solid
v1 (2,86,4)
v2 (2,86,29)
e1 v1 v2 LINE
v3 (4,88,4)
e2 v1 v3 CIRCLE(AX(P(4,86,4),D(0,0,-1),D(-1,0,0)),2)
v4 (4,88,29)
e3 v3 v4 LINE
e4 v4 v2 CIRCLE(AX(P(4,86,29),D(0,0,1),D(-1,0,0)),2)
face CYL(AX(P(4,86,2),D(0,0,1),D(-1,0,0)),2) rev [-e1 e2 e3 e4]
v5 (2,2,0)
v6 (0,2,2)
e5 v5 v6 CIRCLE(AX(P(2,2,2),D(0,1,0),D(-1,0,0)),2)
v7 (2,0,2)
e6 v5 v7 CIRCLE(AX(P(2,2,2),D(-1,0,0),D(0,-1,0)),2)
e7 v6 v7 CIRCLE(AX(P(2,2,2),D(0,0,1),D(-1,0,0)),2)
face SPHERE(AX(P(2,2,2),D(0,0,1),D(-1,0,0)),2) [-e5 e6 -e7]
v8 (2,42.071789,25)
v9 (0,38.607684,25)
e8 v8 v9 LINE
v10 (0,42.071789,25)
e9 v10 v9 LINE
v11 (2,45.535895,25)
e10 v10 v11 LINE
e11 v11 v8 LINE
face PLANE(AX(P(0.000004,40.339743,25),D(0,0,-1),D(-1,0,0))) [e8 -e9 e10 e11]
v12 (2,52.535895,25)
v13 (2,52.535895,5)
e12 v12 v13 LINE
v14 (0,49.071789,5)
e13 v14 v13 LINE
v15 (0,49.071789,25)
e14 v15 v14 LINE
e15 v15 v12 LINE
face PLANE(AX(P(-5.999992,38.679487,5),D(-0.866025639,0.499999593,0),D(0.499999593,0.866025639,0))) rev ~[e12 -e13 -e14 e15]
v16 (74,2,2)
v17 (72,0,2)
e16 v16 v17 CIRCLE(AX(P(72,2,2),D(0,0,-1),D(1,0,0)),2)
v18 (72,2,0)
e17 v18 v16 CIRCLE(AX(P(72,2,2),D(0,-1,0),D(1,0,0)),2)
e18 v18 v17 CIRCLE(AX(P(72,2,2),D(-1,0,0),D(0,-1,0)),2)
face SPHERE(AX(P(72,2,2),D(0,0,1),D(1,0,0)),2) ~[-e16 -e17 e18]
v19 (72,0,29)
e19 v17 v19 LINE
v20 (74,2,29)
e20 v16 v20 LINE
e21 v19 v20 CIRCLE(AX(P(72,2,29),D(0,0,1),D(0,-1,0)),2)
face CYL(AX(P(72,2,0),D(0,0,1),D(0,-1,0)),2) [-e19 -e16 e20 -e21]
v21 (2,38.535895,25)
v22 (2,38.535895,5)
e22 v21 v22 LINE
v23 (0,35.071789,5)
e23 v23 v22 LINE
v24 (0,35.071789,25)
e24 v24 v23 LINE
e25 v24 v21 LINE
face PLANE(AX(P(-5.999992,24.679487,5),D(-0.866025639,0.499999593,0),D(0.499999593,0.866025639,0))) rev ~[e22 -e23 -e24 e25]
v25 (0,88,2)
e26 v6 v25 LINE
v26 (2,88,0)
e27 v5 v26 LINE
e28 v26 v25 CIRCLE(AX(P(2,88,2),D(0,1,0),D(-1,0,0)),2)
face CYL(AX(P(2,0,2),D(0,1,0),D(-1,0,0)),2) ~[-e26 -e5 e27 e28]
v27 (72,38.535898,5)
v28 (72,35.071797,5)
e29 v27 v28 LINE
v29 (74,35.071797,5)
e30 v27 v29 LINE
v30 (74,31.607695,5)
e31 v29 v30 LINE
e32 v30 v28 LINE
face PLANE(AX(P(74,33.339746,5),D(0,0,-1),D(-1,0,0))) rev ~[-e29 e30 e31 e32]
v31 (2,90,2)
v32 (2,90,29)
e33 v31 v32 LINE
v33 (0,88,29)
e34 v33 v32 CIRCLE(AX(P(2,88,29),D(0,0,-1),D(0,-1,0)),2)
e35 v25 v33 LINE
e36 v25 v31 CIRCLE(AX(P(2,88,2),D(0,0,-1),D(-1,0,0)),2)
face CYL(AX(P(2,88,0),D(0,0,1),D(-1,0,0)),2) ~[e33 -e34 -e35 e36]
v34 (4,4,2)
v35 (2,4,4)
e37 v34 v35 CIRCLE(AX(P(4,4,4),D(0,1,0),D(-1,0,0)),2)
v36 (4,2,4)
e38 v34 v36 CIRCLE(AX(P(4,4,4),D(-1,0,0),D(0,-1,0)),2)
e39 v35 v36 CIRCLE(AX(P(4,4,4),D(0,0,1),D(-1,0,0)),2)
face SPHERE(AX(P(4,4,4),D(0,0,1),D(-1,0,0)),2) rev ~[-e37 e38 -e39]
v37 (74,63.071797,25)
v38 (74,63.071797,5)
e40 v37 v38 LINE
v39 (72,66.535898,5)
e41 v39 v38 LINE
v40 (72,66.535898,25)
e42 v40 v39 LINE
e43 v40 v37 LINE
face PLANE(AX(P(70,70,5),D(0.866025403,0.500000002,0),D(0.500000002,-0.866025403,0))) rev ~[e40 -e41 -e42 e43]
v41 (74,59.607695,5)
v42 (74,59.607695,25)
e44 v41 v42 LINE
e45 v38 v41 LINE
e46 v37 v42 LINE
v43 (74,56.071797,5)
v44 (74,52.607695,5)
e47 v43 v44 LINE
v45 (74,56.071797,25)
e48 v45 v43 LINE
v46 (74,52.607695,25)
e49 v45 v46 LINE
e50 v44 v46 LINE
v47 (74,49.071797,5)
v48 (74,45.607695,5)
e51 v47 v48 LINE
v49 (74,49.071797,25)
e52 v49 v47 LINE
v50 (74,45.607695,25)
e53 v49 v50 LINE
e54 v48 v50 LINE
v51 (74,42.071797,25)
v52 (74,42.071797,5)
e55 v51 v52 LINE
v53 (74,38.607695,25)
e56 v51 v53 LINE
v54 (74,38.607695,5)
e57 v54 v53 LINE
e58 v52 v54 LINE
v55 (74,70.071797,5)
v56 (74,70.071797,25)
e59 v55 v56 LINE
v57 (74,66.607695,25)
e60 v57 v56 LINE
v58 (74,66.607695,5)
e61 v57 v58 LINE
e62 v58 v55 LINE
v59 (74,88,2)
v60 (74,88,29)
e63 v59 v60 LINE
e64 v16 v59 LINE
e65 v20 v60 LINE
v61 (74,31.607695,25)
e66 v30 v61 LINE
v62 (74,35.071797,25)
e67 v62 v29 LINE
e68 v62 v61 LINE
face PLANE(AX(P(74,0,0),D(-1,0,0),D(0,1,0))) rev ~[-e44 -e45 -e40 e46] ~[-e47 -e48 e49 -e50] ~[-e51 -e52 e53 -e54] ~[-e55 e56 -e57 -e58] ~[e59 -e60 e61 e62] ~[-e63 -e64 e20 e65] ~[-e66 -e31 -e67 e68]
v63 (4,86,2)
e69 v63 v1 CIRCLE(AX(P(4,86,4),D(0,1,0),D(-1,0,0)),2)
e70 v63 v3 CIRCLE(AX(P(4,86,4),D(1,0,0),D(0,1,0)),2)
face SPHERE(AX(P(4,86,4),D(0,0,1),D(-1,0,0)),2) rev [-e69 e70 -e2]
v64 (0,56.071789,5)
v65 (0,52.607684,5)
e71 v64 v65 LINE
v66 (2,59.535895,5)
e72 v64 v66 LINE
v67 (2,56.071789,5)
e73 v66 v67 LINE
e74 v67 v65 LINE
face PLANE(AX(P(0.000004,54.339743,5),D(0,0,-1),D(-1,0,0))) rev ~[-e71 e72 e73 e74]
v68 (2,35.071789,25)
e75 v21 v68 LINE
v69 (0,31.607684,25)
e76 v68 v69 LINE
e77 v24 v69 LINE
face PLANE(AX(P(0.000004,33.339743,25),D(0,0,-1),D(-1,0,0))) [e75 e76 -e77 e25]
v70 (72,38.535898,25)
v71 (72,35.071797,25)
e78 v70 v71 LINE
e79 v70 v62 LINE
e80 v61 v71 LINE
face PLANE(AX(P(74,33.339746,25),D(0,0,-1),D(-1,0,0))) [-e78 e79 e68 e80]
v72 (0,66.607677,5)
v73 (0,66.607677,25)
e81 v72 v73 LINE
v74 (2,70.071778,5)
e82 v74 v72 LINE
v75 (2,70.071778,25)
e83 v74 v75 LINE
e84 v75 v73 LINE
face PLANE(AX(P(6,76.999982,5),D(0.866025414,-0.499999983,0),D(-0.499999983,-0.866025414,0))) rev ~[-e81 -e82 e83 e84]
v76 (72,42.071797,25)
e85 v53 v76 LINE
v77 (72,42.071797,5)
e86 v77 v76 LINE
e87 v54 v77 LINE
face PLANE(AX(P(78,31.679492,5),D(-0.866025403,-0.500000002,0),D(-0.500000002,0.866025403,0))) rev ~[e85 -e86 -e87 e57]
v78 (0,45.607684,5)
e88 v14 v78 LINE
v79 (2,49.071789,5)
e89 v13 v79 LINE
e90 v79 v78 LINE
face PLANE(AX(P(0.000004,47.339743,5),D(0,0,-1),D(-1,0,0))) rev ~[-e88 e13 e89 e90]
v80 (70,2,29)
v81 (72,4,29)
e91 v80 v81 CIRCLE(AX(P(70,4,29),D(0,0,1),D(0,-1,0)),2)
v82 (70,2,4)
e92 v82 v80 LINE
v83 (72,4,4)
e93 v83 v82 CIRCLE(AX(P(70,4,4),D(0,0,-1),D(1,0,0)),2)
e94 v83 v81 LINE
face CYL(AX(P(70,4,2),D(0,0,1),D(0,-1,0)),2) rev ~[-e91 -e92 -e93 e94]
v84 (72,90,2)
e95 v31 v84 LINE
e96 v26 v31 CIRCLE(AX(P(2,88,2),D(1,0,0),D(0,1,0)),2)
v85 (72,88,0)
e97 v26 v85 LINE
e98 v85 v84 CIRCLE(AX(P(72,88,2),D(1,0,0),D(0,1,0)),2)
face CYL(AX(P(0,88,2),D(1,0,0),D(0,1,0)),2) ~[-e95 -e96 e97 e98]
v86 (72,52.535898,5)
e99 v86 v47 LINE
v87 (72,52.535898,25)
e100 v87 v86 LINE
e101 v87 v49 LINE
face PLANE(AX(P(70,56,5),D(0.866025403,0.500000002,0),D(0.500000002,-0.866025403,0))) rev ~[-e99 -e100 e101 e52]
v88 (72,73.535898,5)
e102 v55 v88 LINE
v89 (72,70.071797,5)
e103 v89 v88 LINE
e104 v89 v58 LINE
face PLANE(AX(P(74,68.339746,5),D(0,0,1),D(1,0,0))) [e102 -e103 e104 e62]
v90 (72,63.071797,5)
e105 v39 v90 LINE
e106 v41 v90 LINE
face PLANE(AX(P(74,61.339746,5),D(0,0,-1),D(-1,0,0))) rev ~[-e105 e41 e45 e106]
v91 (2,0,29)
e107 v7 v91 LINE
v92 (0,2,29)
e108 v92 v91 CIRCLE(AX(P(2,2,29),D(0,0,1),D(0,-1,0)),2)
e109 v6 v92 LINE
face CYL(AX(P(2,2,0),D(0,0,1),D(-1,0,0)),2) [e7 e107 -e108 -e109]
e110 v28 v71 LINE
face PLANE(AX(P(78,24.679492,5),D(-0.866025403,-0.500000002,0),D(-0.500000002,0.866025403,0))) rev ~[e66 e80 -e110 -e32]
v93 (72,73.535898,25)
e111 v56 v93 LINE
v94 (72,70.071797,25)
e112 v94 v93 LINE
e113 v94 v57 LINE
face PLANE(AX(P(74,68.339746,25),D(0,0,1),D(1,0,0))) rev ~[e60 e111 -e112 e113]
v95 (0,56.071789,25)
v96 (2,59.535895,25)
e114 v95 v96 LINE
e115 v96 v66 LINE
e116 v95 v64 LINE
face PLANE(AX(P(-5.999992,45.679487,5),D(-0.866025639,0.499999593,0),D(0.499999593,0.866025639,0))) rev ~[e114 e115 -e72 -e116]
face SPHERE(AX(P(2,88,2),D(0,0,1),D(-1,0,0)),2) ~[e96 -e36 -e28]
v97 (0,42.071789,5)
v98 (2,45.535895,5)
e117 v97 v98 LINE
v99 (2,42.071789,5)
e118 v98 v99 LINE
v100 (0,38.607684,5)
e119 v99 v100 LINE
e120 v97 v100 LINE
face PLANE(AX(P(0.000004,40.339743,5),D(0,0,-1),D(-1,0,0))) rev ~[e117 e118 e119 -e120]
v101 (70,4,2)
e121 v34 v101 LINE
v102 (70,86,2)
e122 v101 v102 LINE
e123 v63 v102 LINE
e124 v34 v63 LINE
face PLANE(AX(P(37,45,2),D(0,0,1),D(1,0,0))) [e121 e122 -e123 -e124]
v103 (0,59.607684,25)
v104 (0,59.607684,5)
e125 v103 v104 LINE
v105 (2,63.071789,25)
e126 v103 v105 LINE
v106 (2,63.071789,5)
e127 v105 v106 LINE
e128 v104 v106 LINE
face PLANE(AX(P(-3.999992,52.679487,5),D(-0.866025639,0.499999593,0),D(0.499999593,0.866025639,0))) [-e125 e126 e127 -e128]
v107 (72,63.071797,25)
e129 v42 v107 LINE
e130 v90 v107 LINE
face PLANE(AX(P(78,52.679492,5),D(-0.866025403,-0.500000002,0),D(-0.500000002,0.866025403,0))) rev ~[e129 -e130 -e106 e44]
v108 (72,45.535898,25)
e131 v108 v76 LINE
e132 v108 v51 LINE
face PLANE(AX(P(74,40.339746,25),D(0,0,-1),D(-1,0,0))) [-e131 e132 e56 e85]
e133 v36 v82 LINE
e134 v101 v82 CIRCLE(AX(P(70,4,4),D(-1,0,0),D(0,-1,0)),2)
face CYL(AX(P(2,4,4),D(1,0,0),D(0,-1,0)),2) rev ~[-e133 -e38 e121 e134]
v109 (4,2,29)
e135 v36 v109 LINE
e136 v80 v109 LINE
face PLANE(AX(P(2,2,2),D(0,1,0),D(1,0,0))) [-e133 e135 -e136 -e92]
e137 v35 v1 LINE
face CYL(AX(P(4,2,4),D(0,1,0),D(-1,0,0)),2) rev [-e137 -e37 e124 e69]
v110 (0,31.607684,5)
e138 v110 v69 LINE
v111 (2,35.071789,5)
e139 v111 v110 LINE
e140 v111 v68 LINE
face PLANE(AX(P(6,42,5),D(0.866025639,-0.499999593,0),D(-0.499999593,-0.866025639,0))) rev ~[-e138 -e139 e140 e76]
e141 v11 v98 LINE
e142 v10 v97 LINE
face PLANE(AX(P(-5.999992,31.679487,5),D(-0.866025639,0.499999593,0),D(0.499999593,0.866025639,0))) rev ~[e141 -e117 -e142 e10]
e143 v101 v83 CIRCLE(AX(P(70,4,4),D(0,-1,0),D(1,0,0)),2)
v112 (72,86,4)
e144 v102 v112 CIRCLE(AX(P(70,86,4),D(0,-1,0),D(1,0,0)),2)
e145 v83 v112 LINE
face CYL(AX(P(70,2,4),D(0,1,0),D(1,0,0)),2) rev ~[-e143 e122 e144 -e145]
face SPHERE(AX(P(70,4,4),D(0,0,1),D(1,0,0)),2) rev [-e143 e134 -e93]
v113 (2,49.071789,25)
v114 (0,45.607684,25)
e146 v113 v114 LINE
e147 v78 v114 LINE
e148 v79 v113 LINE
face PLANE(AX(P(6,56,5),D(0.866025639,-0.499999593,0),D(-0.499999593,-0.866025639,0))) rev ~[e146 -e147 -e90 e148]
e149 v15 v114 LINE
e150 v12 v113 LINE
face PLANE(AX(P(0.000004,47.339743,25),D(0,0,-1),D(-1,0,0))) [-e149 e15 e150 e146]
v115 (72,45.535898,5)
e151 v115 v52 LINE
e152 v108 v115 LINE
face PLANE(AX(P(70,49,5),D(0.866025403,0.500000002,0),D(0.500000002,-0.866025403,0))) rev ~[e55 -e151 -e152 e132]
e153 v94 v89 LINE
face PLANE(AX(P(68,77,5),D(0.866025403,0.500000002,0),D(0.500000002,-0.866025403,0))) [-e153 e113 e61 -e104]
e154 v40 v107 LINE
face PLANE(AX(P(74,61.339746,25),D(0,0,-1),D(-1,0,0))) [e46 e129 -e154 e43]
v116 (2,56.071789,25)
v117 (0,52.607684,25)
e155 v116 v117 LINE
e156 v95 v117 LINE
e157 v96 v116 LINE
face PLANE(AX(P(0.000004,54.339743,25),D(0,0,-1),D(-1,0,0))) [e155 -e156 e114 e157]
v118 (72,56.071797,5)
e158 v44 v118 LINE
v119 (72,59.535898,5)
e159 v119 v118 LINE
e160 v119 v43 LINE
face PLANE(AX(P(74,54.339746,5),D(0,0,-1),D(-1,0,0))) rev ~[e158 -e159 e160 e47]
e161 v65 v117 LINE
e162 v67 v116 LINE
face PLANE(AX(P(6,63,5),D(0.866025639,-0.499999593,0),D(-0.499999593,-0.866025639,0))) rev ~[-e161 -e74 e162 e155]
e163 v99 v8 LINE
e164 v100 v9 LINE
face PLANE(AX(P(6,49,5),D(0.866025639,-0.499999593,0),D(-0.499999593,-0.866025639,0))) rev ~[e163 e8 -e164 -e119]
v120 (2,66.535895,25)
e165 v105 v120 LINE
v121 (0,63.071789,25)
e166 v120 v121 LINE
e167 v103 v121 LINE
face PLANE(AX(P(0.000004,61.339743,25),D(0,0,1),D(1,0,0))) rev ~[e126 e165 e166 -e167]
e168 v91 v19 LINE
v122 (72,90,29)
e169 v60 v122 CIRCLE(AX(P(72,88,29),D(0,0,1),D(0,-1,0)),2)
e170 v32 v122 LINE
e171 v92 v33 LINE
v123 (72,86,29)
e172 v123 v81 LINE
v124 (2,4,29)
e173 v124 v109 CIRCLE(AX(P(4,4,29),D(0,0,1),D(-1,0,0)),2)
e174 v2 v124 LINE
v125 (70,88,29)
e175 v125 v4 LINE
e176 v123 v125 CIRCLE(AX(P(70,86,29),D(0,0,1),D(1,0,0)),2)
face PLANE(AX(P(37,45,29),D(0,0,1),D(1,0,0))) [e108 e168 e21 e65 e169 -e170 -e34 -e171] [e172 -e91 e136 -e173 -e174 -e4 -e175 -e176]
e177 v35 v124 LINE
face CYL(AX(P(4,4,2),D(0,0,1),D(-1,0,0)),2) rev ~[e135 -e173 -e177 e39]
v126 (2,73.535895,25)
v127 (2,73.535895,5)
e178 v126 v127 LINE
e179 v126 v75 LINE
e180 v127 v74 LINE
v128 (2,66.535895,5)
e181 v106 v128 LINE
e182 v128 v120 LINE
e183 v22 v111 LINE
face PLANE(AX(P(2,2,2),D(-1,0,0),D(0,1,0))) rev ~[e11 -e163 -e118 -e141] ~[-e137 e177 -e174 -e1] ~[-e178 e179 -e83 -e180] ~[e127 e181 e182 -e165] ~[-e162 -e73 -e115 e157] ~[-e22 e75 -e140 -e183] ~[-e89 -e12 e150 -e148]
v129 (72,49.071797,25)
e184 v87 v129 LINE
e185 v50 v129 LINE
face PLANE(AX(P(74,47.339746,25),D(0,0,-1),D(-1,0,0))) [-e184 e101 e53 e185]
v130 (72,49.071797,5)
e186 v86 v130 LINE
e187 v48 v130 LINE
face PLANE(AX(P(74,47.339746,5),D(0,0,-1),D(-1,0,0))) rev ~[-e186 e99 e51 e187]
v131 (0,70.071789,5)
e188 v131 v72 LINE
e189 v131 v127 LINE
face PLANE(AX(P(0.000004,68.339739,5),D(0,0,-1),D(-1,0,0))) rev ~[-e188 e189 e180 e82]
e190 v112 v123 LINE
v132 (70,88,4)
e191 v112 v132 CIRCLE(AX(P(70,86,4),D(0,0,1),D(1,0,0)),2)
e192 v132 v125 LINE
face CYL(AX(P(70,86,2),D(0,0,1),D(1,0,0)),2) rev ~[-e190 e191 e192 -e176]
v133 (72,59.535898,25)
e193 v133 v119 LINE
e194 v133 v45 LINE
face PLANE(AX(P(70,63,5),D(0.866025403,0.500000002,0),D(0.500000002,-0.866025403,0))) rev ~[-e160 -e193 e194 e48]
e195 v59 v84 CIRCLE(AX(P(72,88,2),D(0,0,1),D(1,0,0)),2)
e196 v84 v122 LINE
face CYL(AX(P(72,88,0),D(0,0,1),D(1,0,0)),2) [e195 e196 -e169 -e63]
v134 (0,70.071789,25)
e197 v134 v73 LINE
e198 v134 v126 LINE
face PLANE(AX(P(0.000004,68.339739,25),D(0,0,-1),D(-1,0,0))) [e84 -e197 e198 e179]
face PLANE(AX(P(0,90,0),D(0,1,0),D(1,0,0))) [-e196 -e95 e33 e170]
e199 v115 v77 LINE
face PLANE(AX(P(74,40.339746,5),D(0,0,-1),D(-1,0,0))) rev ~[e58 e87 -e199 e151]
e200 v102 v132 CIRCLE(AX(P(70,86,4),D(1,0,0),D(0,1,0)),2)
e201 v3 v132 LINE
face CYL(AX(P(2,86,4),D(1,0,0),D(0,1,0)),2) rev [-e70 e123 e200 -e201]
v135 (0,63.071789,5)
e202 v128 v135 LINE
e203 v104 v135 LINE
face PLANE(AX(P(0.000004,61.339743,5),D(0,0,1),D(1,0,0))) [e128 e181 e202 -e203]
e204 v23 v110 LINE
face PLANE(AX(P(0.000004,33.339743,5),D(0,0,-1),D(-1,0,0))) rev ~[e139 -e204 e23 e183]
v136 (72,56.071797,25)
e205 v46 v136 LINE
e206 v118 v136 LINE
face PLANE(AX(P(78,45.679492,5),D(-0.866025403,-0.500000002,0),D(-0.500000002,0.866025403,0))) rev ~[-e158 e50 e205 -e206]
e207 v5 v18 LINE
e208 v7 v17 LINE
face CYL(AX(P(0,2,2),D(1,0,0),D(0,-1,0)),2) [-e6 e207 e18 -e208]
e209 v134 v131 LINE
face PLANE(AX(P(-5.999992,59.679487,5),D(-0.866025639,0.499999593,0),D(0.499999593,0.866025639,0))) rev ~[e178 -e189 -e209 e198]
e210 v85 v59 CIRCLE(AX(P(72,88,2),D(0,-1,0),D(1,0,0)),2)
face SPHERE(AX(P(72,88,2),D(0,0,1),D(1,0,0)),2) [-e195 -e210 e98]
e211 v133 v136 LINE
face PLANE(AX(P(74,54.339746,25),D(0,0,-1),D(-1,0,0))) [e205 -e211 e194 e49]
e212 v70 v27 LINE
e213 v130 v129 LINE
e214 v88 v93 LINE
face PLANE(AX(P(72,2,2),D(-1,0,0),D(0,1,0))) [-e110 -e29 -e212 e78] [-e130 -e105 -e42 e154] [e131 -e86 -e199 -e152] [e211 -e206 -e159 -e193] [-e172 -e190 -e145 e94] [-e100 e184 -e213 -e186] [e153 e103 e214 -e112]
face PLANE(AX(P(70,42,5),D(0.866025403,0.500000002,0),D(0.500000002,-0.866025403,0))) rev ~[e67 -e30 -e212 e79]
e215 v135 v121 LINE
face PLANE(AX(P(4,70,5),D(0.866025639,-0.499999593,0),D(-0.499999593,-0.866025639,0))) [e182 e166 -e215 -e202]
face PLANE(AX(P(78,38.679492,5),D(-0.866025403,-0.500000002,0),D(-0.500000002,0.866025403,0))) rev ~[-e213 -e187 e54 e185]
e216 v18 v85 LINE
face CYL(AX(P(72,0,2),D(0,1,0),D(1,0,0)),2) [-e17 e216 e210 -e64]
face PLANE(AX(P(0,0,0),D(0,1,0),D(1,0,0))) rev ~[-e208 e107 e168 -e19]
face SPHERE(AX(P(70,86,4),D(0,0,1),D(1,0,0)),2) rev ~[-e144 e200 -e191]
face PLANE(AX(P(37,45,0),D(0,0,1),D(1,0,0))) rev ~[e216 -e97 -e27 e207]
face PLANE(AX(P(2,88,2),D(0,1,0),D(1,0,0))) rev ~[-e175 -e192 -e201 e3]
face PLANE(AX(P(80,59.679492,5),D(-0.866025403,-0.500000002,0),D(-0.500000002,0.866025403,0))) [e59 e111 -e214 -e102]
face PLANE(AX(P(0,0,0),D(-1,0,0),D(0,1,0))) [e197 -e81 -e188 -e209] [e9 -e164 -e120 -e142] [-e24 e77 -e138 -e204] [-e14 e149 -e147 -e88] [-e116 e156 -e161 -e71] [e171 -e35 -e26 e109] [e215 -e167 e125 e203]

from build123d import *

# Parameters (mm, degrees)
EXTRUDE007_DEPTH = 20
BOX003_W         = 70
BOX003_H         = 86
BOX003_DEPTH     = 39
FILLET001_R      = 2
BOX002_W         = 74
BOX002_H         = 90
BOX002_DEPTH     = 29
FILLET_R         = 2


with BuildPart() as ventsbottomcut:
    # Sketch007 → Extrude007 (new body)
    with BuildSketch(Plane.XY):
        Polygon((4, 77), (6, 76.999982), (-3.999992, 59.679487), (-5.999992, 59.679487), align=None)
        Polygon((-5.999992, 52.679487), (-3.999992, 52.679487), (6, 70), (4, 70), align=None)
        Polygon((-3.999992, 45.679487), (-5.999992, 45.679487), (4, 63), (6, 63), align=None)
        Polygon((4, 56), (6, 56), (-3.999992, 38.679487), (-5.999992, 38.679487), align=None)
        Polygon((4, 49), (6, 49), (-3.999992, 31.679487), (-5.999992, 31.679487), align=None)
        Polygon((4, 42), (6, 42), (-3.999992, 24.679487), (-5.999992, 24.679487), align=None)
        Polygon((70, 77), (68, 77), (78, 59.679492), (80, 59.679492), align=None)
        Polygon((68, 70), (70, 70), (80, 52.679492), (78, 52.679492), align=None)
        Polygon((68, 63), (70, 63), (80, 45.679492), (78, 45.679492), align=None)
        Polygon((68, 56), (70, 56), (80, 38.679492), (78, 38.679492), align=None)
        Polygon((68, 49), (70, 49), (80, 31.679492), (78, 31.679492), align=None)
        Polygon((68, 42), (70, 42), (80, 24.679492), (78, 24.679492), align=None)
    extrude(amount=EXTRUDE007_DEPTH)


with BuildPart() as ventsbottomcut_1:
    # Extrude007 placement: moved
    add(ventsbottomcut.part.moved(Location((0, 0, 5))))


with BuildPart() as bottomcut:
    # Box003 → Box003 (new body)
    with BuildSketch(Plane(origin=(2, 2, 2), x_dir=(1, 0, 0), z_dir=(0, 0, 1))):
        with Locations((35, 43)):
            Rectangle(BOX003_W, BOX003_H)
    extrude(amount=BOX003_DEPTH)

    # Fillet001
    fillet001_edges = [bottomcut.edges().sort_by_distance(p)[0] for p in [
        (2, 2, 21.5),
        (2, 88, 21.5),
        (2, 45, 2),
        (72, 2, 21.5),
        (72, 88, 21.5),
        (72, 45, 2),
        (37, 2, 2),
        (37, 88, 2),
    ]]
    fillet(fillet001_edges, radius=FILLET001_R)


with BuildPart() as bottom004done:
    # Box002 → Box002 (new body)
    with BuildSketch(Plane.XY):
        with Locations((37, 45)):
            Rectangle(BOX002_W, BOX002_H)
    extrude(amount=BOX002_DEPTH)

    # Fillet
    fillet_edges = [bottom004done.edges().sort_by_distance(p)[0] for p in [
        (0, 0, 14.5),
        (0, 90, 14.5),
        (0, 45, 0),
        (74, 0, 14.5),
        (74, 90, 14.5),
        (74, 45, 0),
        (37, 0, 0),
        (37, 90, 0),
    ]]
    fillet(fillet_edges, radius=FILLET_R)

    # Cut: cut bottomCut
    add(bottomcut.part, mode=Mode.SUBTRACT)

    # Cut002: cut ventsBottomCut
    add(ventsbottomcut_1.part, mode=Mode.SUBTRACT)


solid = bottom004done.part
